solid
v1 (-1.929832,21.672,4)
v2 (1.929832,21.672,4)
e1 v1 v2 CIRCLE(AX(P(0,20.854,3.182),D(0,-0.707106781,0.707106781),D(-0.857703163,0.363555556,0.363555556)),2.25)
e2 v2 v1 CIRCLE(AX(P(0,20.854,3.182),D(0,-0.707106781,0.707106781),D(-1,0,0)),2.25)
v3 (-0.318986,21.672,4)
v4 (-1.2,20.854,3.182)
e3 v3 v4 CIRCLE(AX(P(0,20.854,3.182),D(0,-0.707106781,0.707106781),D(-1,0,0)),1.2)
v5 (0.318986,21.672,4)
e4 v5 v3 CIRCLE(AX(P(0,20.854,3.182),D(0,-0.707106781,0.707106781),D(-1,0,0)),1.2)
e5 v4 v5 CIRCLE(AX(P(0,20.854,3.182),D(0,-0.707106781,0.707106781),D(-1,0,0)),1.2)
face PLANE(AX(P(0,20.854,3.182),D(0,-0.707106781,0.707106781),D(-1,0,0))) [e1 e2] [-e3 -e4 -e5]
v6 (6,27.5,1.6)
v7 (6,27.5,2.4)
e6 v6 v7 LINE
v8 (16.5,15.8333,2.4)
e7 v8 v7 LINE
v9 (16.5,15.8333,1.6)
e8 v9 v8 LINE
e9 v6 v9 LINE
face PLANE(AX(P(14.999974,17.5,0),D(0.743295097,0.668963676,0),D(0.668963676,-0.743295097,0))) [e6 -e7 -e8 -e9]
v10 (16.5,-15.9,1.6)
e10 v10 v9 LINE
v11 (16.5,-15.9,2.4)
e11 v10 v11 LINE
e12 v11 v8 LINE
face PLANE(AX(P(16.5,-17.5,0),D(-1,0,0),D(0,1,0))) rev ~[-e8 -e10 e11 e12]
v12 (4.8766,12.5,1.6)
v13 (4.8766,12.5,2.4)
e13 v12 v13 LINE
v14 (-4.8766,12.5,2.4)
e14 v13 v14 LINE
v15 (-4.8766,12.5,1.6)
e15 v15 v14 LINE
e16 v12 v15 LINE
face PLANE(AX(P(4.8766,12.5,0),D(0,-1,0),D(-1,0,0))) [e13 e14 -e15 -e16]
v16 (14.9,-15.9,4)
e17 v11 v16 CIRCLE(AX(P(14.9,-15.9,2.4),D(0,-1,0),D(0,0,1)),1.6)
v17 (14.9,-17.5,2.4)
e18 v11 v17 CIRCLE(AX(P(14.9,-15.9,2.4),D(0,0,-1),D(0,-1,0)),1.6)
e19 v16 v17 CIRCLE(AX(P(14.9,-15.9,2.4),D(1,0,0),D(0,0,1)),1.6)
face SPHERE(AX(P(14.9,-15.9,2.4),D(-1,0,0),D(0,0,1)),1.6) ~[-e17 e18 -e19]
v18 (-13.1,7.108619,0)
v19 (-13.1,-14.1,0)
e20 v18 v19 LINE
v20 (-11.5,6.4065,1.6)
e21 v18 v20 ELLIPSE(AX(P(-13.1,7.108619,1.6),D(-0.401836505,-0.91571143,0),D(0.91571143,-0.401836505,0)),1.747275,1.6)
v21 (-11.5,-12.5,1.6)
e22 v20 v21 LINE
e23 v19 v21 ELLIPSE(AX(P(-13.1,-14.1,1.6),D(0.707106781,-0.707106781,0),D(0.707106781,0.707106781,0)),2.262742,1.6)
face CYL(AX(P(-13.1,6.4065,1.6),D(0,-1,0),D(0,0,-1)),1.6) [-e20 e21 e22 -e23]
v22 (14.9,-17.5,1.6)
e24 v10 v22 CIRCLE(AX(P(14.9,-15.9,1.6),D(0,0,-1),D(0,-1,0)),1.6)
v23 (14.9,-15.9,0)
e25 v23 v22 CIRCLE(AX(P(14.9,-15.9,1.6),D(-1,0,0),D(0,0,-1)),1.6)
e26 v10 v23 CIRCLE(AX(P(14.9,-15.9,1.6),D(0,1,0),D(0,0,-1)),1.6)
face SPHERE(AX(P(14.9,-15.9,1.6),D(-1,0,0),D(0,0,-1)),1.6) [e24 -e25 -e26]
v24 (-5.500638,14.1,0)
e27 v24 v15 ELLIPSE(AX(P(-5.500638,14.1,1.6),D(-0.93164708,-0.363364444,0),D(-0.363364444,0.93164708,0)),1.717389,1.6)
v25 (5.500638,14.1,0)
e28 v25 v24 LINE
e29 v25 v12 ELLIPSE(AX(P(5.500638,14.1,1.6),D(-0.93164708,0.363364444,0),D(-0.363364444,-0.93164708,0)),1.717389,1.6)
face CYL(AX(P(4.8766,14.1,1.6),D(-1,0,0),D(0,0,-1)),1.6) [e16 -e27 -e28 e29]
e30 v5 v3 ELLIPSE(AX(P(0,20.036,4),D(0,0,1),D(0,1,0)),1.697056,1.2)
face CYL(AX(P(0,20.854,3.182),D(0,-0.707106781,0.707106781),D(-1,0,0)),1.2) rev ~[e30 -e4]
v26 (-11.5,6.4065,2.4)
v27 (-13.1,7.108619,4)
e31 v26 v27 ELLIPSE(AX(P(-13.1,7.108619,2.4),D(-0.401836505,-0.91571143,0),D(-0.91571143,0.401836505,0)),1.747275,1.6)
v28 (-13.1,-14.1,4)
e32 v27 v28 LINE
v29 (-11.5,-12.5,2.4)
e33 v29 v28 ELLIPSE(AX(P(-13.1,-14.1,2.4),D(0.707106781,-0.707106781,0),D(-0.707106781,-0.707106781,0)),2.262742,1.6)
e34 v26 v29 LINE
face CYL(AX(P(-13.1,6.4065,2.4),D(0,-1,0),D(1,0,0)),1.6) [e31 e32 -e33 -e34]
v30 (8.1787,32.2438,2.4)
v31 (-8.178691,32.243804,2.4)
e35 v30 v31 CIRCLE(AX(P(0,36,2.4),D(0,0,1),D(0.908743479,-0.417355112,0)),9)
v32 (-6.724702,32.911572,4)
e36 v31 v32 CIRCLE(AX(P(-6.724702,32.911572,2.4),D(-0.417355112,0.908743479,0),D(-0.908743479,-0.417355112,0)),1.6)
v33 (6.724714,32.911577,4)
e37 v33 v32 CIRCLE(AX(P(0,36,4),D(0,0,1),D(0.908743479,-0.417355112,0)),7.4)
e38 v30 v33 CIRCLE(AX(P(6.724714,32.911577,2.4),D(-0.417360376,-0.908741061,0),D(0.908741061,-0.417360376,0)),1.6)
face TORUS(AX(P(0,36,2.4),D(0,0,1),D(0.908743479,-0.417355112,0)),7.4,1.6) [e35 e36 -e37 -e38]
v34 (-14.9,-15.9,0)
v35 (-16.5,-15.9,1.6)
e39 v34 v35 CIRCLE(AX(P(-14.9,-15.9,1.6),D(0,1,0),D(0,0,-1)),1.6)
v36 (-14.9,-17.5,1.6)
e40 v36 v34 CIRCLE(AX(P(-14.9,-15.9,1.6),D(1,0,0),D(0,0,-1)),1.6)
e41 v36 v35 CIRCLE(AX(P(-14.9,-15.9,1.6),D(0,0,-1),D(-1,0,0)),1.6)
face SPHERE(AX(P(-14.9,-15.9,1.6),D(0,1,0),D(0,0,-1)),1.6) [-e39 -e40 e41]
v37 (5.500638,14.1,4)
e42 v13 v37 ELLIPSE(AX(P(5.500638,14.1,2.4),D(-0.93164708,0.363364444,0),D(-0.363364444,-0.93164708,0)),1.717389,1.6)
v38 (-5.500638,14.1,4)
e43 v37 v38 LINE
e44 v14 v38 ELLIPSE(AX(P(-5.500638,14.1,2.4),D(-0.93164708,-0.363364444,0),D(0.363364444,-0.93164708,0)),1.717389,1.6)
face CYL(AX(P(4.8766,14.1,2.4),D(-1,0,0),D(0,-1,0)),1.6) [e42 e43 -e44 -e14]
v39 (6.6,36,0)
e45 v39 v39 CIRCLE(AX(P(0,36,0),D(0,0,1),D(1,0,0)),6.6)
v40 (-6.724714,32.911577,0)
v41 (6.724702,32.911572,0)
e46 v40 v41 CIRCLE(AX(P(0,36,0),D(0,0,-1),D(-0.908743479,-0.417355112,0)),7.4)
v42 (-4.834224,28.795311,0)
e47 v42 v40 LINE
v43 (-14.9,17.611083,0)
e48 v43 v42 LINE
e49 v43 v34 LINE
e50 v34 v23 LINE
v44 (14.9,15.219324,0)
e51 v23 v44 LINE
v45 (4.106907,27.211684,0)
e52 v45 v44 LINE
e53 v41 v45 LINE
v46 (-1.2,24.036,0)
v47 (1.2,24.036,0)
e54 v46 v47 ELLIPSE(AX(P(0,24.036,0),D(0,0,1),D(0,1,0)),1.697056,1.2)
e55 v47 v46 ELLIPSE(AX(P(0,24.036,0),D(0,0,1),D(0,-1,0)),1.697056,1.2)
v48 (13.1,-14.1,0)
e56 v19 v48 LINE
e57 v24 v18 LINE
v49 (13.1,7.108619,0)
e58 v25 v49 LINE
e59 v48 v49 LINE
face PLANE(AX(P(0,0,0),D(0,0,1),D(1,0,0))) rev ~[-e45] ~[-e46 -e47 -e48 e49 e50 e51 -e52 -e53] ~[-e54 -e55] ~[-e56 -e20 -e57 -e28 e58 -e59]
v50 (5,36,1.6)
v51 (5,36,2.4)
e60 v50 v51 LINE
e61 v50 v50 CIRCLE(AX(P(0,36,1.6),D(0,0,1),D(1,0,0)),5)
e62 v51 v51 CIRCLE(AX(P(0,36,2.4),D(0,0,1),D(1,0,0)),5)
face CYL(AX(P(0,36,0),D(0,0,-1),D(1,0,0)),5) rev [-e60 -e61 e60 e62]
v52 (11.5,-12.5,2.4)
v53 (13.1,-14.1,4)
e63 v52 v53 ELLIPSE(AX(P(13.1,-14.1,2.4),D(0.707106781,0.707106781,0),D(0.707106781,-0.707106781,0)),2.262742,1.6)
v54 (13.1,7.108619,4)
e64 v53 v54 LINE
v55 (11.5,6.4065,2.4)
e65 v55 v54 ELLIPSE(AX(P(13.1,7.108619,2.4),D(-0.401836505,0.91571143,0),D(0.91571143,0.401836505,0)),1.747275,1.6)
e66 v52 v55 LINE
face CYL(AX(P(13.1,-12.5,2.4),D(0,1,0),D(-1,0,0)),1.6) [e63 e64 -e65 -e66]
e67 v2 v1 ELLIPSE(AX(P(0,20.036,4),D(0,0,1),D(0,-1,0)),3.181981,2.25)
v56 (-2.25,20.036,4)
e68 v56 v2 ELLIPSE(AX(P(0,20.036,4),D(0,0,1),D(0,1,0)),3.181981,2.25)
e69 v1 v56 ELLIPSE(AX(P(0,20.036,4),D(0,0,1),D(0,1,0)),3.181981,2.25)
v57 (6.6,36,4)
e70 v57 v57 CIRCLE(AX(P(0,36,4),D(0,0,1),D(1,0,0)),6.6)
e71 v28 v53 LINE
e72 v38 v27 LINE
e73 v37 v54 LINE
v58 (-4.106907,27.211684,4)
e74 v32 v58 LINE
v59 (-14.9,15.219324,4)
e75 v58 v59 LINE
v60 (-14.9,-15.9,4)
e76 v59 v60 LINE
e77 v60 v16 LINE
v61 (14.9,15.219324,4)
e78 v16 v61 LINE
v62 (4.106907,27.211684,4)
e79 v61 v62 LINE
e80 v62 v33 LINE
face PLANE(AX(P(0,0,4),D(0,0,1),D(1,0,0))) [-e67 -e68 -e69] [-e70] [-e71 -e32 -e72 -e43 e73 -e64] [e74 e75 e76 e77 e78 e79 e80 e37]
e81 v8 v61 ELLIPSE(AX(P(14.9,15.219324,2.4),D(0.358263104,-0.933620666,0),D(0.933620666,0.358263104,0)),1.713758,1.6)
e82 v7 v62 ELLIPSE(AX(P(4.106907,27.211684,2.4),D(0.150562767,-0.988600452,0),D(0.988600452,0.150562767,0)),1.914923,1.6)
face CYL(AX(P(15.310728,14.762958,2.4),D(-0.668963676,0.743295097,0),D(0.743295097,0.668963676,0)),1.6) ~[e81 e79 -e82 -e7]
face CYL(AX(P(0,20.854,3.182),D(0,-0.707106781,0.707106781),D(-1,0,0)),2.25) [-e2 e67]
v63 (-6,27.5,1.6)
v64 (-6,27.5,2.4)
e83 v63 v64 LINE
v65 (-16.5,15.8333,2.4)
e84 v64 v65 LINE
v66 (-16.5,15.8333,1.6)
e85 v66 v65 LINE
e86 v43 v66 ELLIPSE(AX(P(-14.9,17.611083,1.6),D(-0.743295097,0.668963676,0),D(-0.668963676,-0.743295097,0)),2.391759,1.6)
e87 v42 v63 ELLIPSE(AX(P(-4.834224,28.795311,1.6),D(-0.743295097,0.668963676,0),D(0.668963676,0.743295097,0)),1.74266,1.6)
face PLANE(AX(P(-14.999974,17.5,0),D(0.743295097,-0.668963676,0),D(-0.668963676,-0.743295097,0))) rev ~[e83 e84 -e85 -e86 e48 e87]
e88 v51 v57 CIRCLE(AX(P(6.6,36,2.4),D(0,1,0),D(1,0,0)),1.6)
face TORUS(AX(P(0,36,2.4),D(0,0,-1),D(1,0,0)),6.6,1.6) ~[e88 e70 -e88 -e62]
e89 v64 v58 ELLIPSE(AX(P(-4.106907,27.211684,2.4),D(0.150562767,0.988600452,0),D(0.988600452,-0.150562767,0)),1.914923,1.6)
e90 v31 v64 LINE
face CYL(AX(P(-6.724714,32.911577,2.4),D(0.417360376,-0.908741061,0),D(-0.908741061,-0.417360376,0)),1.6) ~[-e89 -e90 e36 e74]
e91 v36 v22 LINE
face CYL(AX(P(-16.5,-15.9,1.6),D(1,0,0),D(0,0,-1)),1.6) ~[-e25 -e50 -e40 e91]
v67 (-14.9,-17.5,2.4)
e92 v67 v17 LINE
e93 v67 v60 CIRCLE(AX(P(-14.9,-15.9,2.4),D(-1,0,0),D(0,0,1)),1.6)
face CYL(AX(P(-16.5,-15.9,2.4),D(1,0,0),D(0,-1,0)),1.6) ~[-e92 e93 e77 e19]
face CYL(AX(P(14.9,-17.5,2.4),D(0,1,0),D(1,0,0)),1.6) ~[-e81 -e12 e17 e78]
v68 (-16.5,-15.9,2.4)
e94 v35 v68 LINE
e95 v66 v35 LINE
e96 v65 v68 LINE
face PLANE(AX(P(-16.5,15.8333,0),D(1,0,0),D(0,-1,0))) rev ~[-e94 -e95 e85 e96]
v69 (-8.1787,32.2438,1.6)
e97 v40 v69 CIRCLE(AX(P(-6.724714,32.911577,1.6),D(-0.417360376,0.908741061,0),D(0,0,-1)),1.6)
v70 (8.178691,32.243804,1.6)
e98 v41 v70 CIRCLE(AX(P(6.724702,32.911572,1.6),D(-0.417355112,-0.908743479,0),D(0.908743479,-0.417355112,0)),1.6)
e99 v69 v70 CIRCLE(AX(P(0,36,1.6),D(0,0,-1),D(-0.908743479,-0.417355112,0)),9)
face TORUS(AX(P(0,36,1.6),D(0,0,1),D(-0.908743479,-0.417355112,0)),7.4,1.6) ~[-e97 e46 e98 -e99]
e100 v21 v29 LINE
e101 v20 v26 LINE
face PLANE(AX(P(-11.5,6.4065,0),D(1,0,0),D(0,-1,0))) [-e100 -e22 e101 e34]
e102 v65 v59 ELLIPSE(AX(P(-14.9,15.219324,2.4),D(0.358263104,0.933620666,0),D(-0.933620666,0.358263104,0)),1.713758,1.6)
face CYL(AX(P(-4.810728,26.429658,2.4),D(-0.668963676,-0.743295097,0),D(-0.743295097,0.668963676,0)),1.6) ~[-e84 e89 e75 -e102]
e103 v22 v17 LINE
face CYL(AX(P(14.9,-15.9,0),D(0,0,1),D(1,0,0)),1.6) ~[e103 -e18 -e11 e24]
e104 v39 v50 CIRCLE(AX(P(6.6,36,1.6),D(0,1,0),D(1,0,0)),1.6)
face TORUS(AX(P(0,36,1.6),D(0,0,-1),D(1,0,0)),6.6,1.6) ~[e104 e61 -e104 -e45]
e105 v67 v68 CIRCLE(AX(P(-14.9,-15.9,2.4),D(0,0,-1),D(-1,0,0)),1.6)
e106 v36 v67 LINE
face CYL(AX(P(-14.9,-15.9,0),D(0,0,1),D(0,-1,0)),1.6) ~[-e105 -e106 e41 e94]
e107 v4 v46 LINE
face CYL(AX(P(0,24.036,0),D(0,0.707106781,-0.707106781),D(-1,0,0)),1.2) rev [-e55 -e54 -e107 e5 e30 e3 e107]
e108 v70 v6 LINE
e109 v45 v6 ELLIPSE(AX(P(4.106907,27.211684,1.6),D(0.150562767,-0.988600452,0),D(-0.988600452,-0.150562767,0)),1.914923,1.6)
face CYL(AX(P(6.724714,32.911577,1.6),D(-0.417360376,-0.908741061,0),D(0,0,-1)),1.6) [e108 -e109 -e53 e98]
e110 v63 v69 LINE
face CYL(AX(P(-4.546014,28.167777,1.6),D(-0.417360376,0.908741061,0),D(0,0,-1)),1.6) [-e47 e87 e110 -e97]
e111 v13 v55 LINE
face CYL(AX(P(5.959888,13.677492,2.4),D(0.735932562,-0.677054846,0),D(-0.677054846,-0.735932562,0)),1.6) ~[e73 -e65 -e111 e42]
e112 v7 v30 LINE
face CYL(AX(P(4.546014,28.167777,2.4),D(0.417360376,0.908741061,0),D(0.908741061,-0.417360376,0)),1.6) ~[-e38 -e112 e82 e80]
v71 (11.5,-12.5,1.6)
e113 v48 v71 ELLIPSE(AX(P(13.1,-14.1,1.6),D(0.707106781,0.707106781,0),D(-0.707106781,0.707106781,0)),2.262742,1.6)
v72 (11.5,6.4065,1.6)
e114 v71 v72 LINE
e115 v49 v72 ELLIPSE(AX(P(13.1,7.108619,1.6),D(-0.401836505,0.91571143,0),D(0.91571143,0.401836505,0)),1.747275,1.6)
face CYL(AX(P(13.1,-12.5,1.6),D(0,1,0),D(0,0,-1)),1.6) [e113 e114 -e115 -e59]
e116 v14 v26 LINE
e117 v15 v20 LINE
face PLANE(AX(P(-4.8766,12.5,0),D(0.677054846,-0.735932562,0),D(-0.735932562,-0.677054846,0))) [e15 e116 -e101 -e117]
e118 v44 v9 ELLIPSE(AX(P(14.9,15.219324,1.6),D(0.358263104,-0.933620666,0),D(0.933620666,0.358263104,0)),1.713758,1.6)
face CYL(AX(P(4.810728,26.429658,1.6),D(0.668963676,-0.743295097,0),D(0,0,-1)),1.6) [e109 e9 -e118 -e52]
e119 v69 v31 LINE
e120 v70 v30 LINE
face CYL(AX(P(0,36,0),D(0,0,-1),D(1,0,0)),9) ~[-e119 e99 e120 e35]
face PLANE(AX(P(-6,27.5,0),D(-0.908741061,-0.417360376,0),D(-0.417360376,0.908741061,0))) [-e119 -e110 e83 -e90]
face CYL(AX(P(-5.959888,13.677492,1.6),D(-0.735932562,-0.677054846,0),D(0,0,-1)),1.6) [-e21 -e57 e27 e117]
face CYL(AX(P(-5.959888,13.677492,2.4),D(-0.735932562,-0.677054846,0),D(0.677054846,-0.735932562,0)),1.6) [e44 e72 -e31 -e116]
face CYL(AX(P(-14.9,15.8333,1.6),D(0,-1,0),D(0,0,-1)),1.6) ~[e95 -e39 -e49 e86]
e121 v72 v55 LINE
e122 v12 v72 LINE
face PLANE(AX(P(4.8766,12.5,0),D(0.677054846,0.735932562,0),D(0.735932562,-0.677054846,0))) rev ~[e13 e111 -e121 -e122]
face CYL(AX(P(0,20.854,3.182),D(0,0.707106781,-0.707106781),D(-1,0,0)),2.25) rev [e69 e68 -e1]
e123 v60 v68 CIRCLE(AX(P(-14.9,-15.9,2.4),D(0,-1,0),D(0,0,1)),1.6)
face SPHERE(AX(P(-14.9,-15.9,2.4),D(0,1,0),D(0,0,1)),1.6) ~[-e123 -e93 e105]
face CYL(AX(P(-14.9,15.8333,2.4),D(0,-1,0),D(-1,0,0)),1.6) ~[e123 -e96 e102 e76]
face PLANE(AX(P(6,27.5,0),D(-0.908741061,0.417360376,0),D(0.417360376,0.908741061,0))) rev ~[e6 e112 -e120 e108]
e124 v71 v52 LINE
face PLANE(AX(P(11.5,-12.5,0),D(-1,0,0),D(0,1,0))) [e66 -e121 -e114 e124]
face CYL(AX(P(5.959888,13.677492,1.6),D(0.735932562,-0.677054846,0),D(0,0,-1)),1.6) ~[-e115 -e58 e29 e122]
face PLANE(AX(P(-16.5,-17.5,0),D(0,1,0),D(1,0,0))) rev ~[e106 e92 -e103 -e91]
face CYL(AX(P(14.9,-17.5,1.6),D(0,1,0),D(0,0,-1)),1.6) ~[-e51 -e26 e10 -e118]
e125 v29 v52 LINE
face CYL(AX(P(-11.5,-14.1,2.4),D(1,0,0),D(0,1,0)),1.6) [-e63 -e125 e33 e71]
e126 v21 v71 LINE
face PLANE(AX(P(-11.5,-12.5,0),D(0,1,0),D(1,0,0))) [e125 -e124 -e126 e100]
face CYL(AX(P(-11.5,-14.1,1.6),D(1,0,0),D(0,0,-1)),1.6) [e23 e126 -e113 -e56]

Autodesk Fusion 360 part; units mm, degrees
sketch "Sketch1" plane through (0, 0, 0) normal (0, 0, 1) x (1, 0, 0)
  line L0 (11.5, 12.5) -> (-11.5, 12.5)
  line L1 (-11.5, 12.5) -> (-11.5, -12.5)
  line L2 (-11.5, -12.5) -> (11.5, -12.5)
  line L3 (11.5, -12.5) -> (11.5, 12.5)
  line L4 (11.5, 12.5) -> (-11.5, -12.5) construction
  line L5 (-11.5, 12.5) -> (11.5, -12.5) construction
  line L6 (0, 38) -> (0, -20) construction
  line L7 (0, 27.5) -> (-6, 27.5)
  line L8 (16.5, -17.5) -> (16.5, 17.5)
  line L9 (16.5, 17.5) -> (-16.5, 17.5)
  line L10 (-16.5, 17.5) -> (-16.5, -17.5)
  line L11 (-16.5, -17.5) -> (16.5, -17.5)
  line L12 (-6, 27.5) -> (-16.5, 15.8333)
  line L13 (0, 27.5) -> (6, 27.5)
  line L14 (6, 27.5) -> (16.5, 15.8333)
  line L15 (-4.8766, 12.5) -> (-11.5, 6.4065)
  line L16 (4.8766, 12.5) -> (11.5, 6.4065)
  circle A0 centre (0, 36) radius 5
  circle A1 centre (0, 36) radius 9
  line L17 (0, 24.036) -> (-17, 24.036) construction
  line L18 (-6, 27.5) -> (-8.1787, 32.2438)
  line L19 (6, 27.5) -> (8.1787, 32.2438)
  point P0 (0, 24.036)
  dimension "d1" = 23
  dimension "d2" = 25
  dimension "d7" = 40
  dimension "d8" = 5
  dimension "d9" = 36.536
  dimension "d10" = 9
  dimension "d11" = 10
  dimension "d12" = 4
extrude "Extrude1" add sketch "Sketch1" along normal blind 4 contours L0 L3 L16 | L0 L1 L15 | L7 L13 A1 | L7 L13 A1 | L7 L9 L12 L13 L14 A1 | L7 A1 L18 | L13 A1 L19 | L8 L9 L10 L11 L12 L14
ref_plane "WorkPlane1" through (-8.5, 24.036, 0) normal (0, -0.7071, 0.7071) x (-1, 0, 0)
sketch "Sketch2" plane through (-8.5, 24.036, 0) normal (0, -0.7071, 0.7071) x (-1, 0, 0)
  circle A0 centre (-8.5, 0) radius 1.2
  circle A1 centre (-8.5, 0) radius 2.25
  circle A2 centre (-8.5, 0) radius 4
  point P0 (-8.5, 0)
  dimension "d16" = 2.4
  dimension "d17" = 4.5
  dimension "d18" = 8
extrude "Extrude2" cut sketch "Sketch2" along normal through all and the other way blind 7.753 contours A0
ref_plane "WorkPlane2" through (0, 20.854, 3.182) normal (0, -0.7071, 0.7071) x (-1, 0, 0)
sketch "Sketch3" plane through (0, 20.854, 3.182) normal (0, -0.7071, 0.7071) x (-1, 0, 0)
  circle A0 centre (0, 0) radius 1.2
  circle A1 centre (0, 0) radius 2.25
  circle A2 centre (0, 0) radius 4
extrude "Extrude4" cut sketch "Sketch3" along normal blind 10.1125 contours A1
extrude "Extrude6" add sketch "Sketch3" against normal blind 1.187 contours A1
fillet "Fillet1" radius 1.6 31 edges at (0, 45, 4) (-7.0893, 29.8719, 4) (7.0893, 29.8719, 4) (-4.6616, 37.8081, 4) (-4.6616, 37.8081, 0) (0, 45, 0) (-7.0893, 29.8719, 0) (7.0893, 29.8719, 0) (-11.25, 21.6667, 4) (-16.5, -0.8333, 4) (-16.5, -0.8333, 0) (0, -17.5, 4) (0, -17.5, 0) (16.5, -0.8333, 4) (16.5, -0.8333, 0) (-8.1883, 9.4532, 4) (0, 12.5, 4) (-11.5, -3.0468, 4) (0, -12.5, 4) (11.5, -3.0468, 4) (8.1883, 9.4532, 4) (11.5, -3.0468, 0) (0, -12.5, 0) (-11.5, -3.0468, 0) (0, 12.5, 0) (-8.1883, 9.4532, 0) (8.1883, 9.4532, 0) (11.25, 21.6667, 4) (11.25, 21.6667, 0) (16.5, -17.5, 2) (-16.5, -17.5, 2)
